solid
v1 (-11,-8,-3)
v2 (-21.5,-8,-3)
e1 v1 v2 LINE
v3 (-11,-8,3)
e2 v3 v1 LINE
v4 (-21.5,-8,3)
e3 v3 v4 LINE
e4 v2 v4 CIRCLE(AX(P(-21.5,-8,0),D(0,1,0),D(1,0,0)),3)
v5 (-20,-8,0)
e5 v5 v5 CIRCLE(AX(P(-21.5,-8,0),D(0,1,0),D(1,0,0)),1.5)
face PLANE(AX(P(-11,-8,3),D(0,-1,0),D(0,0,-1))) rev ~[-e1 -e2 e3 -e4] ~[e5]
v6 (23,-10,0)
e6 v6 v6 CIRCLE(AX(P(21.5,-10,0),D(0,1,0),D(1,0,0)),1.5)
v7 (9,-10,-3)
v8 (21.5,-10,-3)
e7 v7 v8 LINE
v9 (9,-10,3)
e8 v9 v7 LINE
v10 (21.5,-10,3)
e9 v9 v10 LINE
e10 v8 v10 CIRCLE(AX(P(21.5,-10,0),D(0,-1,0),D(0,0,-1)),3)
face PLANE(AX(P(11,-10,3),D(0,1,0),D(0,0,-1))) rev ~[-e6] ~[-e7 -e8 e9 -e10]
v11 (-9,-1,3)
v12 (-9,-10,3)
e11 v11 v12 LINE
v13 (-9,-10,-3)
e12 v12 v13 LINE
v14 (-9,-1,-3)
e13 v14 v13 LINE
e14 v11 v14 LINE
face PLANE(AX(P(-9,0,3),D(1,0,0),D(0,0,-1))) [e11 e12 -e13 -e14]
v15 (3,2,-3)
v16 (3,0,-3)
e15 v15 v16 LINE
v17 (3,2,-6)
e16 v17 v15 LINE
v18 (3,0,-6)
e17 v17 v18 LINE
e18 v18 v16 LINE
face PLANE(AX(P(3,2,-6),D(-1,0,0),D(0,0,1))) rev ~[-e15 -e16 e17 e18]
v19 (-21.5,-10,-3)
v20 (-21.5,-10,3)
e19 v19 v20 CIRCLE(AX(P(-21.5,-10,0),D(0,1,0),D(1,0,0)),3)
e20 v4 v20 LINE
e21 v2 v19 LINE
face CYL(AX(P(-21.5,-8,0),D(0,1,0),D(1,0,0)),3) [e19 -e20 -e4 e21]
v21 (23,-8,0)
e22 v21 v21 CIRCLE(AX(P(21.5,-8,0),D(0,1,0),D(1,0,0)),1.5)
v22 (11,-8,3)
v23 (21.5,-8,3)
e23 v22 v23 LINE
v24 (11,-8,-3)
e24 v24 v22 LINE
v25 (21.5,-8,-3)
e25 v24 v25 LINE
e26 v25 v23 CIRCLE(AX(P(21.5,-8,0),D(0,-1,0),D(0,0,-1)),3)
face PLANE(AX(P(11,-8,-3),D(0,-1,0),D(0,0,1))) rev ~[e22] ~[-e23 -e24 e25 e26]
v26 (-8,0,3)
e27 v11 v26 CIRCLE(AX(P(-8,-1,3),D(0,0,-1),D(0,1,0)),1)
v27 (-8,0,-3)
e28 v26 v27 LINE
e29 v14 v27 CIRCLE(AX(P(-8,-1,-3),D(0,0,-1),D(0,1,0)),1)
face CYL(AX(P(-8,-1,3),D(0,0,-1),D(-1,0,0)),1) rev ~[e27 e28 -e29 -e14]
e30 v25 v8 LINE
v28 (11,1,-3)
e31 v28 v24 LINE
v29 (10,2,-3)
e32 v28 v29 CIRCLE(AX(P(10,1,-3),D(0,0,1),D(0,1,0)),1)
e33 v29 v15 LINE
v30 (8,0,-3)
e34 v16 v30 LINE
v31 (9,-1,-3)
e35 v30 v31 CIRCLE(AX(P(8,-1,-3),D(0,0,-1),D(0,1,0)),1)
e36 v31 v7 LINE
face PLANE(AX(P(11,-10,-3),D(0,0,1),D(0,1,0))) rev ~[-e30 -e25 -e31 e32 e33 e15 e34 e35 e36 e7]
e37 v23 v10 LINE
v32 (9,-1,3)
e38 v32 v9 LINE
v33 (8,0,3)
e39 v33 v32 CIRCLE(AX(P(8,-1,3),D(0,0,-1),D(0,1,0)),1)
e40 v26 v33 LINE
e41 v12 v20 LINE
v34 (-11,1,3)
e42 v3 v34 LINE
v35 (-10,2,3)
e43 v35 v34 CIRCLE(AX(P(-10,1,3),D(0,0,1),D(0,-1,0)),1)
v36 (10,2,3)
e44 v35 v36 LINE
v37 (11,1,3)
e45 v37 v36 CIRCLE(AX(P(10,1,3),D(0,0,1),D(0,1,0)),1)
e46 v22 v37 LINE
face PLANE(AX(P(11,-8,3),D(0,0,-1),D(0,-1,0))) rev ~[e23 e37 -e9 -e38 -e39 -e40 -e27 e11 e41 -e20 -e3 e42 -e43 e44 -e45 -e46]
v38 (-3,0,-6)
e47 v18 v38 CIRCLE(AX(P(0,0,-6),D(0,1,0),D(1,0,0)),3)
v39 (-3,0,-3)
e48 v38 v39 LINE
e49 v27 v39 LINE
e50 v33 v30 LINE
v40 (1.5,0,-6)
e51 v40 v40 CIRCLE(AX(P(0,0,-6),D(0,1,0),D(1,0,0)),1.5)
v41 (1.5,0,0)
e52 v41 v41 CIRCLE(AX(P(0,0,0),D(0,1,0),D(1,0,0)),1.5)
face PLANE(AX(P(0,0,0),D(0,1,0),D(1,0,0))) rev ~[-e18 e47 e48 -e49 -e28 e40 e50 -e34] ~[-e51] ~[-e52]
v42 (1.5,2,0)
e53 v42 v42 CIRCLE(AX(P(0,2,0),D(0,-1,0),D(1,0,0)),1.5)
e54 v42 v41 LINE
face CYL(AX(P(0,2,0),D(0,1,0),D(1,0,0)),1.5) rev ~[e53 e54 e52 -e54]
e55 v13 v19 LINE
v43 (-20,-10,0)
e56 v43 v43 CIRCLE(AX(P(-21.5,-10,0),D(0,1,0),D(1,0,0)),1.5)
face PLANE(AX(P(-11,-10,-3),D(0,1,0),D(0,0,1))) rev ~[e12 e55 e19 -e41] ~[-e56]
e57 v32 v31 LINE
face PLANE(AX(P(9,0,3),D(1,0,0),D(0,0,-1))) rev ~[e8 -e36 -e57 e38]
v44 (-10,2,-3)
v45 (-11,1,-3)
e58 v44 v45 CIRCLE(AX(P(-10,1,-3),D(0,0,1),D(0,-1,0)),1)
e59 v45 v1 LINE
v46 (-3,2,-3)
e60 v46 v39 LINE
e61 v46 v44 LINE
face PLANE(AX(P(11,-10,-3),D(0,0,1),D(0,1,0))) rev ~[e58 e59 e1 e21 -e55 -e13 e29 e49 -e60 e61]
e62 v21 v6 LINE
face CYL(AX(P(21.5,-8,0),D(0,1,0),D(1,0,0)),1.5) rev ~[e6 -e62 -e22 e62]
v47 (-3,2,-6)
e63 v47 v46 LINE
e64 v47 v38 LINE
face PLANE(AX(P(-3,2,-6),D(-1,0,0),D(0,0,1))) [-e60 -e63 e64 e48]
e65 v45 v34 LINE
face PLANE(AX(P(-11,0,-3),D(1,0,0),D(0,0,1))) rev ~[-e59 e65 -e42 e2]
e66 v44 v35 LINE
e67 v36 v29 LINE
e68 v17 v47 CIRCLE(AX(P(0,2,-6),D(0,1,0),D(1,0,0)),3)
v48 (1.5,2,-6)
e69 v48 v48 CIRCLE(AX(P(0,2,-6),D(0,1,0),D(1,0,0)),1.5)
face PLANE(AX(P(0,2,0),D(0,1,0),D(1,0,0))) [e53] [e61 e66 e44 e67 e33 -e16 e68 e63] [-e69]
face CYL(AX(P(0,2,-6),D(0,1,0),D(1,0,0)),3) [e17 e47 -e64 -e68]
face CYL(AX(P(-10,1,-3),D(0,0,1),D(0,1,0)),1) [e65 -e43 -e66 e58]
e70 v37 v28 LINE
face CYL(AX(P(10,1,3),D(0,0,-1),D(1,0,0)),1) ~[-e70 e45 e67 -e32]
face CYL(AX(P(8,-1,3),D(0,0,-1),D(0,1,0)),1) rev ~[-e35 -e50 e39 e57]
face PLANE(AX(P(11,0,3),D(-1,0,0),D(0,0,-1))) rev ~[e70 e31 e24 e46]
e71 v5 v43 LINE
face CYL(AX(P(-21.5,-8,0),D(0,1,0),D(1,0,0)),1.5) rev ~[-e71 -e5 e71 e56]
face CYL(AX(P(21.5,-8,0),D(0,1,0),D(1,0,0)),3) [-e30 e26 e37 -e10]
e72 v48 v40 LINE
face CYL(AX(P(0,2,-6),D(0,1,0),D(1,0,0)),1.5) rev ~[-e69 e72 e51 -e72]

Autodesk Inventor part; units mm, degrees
ref_plane "YZ Plane" through (0, 0, 0) normal (1, 0, 0) x (0, 1, 0)
ref_plane "XZ Plane" through (0, 0, 0) normal (0, 1, 0) x (-1, 0, 0)
ref_plane "XY Plane" through (0, 0, 0) normal (0, 0, 1) x (1, 0, 0)
sketch "Sketch1" plane through (0, 0, 0) normal (0, 1, 0) x (-1, 0, 0)
  line L0 (11, 3) -> (-11, 3)
  line L1 (-11, 3) -> (-11, -3)
  line L2 (-11, -3) -> (11, -3)
  line L3 (11, -3) -> (11, 3)
  line L4 (11, 3) -> (-11, -3) construction
  line L5 (-11, 3) -> (11, -3) construction
  point P0 (0, 0)
  dimension "d0" = 22
  dimension "d1" = 6
extrude "Extrusion1" add sketch "Sketch1" along normal blind 2
sketch "Sketch2" plane through (0, 0, 0) normal (0, -1, 0) x (1, 0, 0)
  line L0 (11, -3) -> (-11, -3) projected
  line L1 (-11, 3) -> (-9, 3)
  line L2 (-9, 3) -> (-9, -3)
  line L3 (-9, -3) -> (-11, -3)
  line L4 (-11, -3) -> (-11, 3)
  line L5 (11, 3) -> (9, 3)
  line L6 (9, 3) -> (9, -3)
  line L7 (9, -3) -> (11, -3)
  line L8 (11, -3) -> (11, 3)
  point P0 (0, 0)
  dimension "d4" = 2
  dimension "d5" = 2
extrude "Extrusion2" add sketch "Sketch2" along normal blind 10
sketch "Sketch3" plane through (11, 2, 3) normal (1, 0, 0) x (0, 0, -1)
  line L0 (0, -12) -> (6, -12)
  line L1 (6, -12) -> (6, -10)
  line L2 (6, -10) -> (0, -10)
  line L3 (0, -10) -> (0, -12)
  point P0 (3, -2)
  dimension "d8" = 6
  dimension "d9" = 2
sketch "Sketch4" plane through (-11, 2, -3) normal (-1, 0, 0) x (0, 0, 1)
  line L0 (0, -12) -> (6, -12)
  line L1 (6, -12) -> (6, -10)
  line L2 (6, -10) -> (0, -10)
  line L3 (0, -10) -> (0, -12)
  point P0 (3, -2)
  dimension "d10" = 6
  dimension "d11" = 2
extrude "Extrusion3" add sketch "Sketch4" along normal blind 14
extrude "Extrusion4" add sketch "Sketch3" along normal blind 14
sketch "Sketch5" plane through (11, -8, 3) normal (0, 1, 0) x (1, 0, 0)
  line L0 (0, 0) -> (14, 0) projected
  line L1 (14, 6) -> (14, 0) projected
  line L2 (0, 6) -> (14, 6) projected
  line L3 (14, 3) -> (10.5, 3)
  circle A0 centre (10.5, 3) radius 3.5
  line L4 (12.3028, 6) -> (14, 6)
  line L5 (14, 3) -> (14, 6)
  line L6 (14, 3) -> (14, 0)
  line L7 (14, 0) -> (12.3028, 0)
  point P0 (-11, 3)
  dimension "d16" = 3.5
sketch "Sketch6" plane through (-11, -8, 3) normal (0, 1, 0) x (1, 0, 0)
  line L0 (0, 6) -> (0, 0) projected
  line L1 (0, 6) -> (-14, 6) projected
  line L2 (-14, 0) -> (-14, 6) projected
  line L3 (0, 0) -> (-14, 0) projected
  line L4 (-14, 3) -> (-10.5, 3)
  circle A0 centre (-10.5, 3) radius 3.5
  line L5 (-12.3028, 0) -> (-14, 0)
  line L6 (-14, 0) -> (-14, 3)
  line L7 (-14, 6) -> (-14, 3)
  line L8 (-14, 6) -> (-12.3028, 6)
  point P0 (11, 3)
  point P1 (0, -0.5)
  dimension "d17" = 3.5
extrude "Extrusion5" cut sketch "Sketch5" against normal blind 2 contours A0 L1 L0 | A0 L2 L1
extrude "Extrusion6" cut sketch "Sketch6" against normal blind 2 contours A0 L2 L1 | L3 L2 A0
sketch "Sketch7" plane through (11, -8, 3) normal (0, 1, 0) x (1, 0, 0)
  arc A0 (12.3028, 0) -> (12.3028, 6) centre (10.5, 3) ccw projected
  circle A1 centre (10.5, 3) radius 1.5
  point P0 (-11, 3)
  dimension "d22" = 3
extrude "Extrusion7" cut sketch "Sketch7" against normal blind 2
sketch "Sketch8" plane through (-11, -8, 3) normal (0, 1, 0) x (1, 0, 0)
  arc A0 (-12.3028, 6) -> (-12.3028, 0) centre (-10.5, 3) ccw projected
  circle A1 centre (-10.5, 3) radius 1.5
  point P0 (11, 3)
  dimension "d25" = 3
extrude "Extrusion8" cut sketch "Sketch8" against normal blind 2
fillet "Fillet1" radius 1 4 edges at (11, 2, 0) (-11, 2, 0) (9, 0, 0) (-9, 0, 0)
sketch "Sketch9" plane through (0, 2, 0) normal (0, 1, 0) x (1, 0, 0)
  line L0 (-10, -3) -> (10, -3) projected
  line L1 (10, 3) -> (-10, 3) projected
  line L2 (0, -3) -> (0, 0)
  circle A0 centre (0, 0) radius 1.5
  point P0 (0, 0)
  dimension "d29" = 3
  dimension "d30" = 3
extrude "Extrusion9" cut sketch "Sketch9" against normal blind 2
sketch "Sketch10" plane through (0, 2, 0) normal (0, 1, 0) x (1, 0, 0)
  circle A0 centre (0, 0) radius 1.5 projected
  line L0 (10, 3) -> (-10, 3) projected
  line L1 (0, 0) -> (0, 6)
  circle A1 centre (0, 6) radius 1.5
  line L2 (0, 6) -> (0, 9)
  line L3 (-3.5, 5) -> (-3.5, 3)
  line L4 (3.5, 5) -> (3.5, 3)
  arc A2 (3.5, 5) -> (-3.5, 5) centre (0, 5) ccw
  line L5 (-3.5, 3) -> (3.5, 3)
  point P0 (0, 0)
  dimension "d33" = 6
  dimension "d34" = 3
  dimension "d35" = 3
extrude "Extrusion10" add sketch "Sketch10" against normal blind 2 contours L0 L3 A2 L2 A1 L1 | L1 A1 L2 A2 L4 L0
sketch "Sketch11" plane through (11, -8, 3) normal (0, 1, 0) x (1, 0, 0)
  arc A0 (12.3028, 0) -> (12.3028, 6) centre (10.5, 3) ccw projected
  line L0 (0, 6) -> (12.3028, 6) projected
  line L1 (0, 0) -> (12.3028, 0) projected
  circle A1 centre (10.5, 3) radius 3
  line L2 (10.5, 0) -> (12.3028, 0)
  line L3 (10.5, 6) -> (12.3028, 6)
  arc A2 (12.3028, 0) -> (12.3028, 6) centre (10.5, 3) ccw
  point P0 (-11, 3)
extrude "Extrusion11" cut sketch "Sketch11" against normal blind 2 contours L1 A1 L0 A0
sketch "Sketch12" plane through (-11, -8, 3) normal (0, 1, 0) x (1, 0, 0)
  arc A0 (-12.3028, 6) -> (-12.3028, 0) centre (-10.5, 3) ccw projected
  line L0 (0, 0) -> (-12.3028, 0) projected
  line L1 (0, 6) -> (-12.3028, 6) projected
  circle A1 centre (-10.5, 3) radius 3
  line L2 (-12.3028, 0) -> (-10.5, 0)
  line L3 (-12.3028, 6) -> (-10.5, 6)
  arc A2 (-12.3028, 6) -> (-12.3028, 0) centre (-10.5, 3) ccw
  point P0 (11, 3)
extrude "Extrusion12" cut sketch "Sketch12" against normal blind 2 contours L1 A1 L0 A0
sketch "Sketch13" plane through (0, 2, 0) normal (0, 1, 0) x (1, 0, 0)
  circle A0 centre (0, 6) radius 1.5 projected
  line L0 (3.5, 3) -> (3.5, 5) projected
  arc A1 (3.5, 5) -> (-3.5, 5) centre (0, 5) ccw projected
  line L1 (-3.5, 5) -> (-3.5, 3) projected
  line L2 (-3.5, 3) -> (-10, 3) projected
  circle A2 centre (0, 6) radius 1.5
  circle A3 centre (0, 6) radius 3
  line L3 (-3.5, 3) -> (3.5, 3)
  line L4 (3.5, 3) -> (3.5, 5)
  line L5 (-3.5, 3) -> (-3.5, 5)
  line L6 (-3, 6) -> (-3, 3)
  line L7 (3, 6) -> (3, 3)
  line L8 (-3, 3) -> (-3.5, 3)
  line L9 (3, 3) -> (3.5, 3)
  arc A4 (3.5, 5) -> (-3.5, 5) centre (0, 5) ccw
  dimension "d44" = 3
  dimension "d45" = 6
extrude "Extrusion13" cut sketch "Sketch13" against normal blind 2 contours L3 L7 A3 A1 L0 | A3 A1 | A3 L6 L3 L1 A1 picked at (-2.1113, 7.1747)
sketch "Sketch14" plane through (0, 2, 0) normal (0, 1, 0) x (1, 0, 0)
  arc A0 (-3, 6) -> (3, 6) centre (0, 6) ccw projected
  circle A1 centre (0, 6) radius 3
  circle A2 centre (0, 6) radius 1.5
  dimension "d48" = 3
extrude "Extrusion14" add sketch "Sketch14" against normal blind 2
properties part number "tahlo6"
